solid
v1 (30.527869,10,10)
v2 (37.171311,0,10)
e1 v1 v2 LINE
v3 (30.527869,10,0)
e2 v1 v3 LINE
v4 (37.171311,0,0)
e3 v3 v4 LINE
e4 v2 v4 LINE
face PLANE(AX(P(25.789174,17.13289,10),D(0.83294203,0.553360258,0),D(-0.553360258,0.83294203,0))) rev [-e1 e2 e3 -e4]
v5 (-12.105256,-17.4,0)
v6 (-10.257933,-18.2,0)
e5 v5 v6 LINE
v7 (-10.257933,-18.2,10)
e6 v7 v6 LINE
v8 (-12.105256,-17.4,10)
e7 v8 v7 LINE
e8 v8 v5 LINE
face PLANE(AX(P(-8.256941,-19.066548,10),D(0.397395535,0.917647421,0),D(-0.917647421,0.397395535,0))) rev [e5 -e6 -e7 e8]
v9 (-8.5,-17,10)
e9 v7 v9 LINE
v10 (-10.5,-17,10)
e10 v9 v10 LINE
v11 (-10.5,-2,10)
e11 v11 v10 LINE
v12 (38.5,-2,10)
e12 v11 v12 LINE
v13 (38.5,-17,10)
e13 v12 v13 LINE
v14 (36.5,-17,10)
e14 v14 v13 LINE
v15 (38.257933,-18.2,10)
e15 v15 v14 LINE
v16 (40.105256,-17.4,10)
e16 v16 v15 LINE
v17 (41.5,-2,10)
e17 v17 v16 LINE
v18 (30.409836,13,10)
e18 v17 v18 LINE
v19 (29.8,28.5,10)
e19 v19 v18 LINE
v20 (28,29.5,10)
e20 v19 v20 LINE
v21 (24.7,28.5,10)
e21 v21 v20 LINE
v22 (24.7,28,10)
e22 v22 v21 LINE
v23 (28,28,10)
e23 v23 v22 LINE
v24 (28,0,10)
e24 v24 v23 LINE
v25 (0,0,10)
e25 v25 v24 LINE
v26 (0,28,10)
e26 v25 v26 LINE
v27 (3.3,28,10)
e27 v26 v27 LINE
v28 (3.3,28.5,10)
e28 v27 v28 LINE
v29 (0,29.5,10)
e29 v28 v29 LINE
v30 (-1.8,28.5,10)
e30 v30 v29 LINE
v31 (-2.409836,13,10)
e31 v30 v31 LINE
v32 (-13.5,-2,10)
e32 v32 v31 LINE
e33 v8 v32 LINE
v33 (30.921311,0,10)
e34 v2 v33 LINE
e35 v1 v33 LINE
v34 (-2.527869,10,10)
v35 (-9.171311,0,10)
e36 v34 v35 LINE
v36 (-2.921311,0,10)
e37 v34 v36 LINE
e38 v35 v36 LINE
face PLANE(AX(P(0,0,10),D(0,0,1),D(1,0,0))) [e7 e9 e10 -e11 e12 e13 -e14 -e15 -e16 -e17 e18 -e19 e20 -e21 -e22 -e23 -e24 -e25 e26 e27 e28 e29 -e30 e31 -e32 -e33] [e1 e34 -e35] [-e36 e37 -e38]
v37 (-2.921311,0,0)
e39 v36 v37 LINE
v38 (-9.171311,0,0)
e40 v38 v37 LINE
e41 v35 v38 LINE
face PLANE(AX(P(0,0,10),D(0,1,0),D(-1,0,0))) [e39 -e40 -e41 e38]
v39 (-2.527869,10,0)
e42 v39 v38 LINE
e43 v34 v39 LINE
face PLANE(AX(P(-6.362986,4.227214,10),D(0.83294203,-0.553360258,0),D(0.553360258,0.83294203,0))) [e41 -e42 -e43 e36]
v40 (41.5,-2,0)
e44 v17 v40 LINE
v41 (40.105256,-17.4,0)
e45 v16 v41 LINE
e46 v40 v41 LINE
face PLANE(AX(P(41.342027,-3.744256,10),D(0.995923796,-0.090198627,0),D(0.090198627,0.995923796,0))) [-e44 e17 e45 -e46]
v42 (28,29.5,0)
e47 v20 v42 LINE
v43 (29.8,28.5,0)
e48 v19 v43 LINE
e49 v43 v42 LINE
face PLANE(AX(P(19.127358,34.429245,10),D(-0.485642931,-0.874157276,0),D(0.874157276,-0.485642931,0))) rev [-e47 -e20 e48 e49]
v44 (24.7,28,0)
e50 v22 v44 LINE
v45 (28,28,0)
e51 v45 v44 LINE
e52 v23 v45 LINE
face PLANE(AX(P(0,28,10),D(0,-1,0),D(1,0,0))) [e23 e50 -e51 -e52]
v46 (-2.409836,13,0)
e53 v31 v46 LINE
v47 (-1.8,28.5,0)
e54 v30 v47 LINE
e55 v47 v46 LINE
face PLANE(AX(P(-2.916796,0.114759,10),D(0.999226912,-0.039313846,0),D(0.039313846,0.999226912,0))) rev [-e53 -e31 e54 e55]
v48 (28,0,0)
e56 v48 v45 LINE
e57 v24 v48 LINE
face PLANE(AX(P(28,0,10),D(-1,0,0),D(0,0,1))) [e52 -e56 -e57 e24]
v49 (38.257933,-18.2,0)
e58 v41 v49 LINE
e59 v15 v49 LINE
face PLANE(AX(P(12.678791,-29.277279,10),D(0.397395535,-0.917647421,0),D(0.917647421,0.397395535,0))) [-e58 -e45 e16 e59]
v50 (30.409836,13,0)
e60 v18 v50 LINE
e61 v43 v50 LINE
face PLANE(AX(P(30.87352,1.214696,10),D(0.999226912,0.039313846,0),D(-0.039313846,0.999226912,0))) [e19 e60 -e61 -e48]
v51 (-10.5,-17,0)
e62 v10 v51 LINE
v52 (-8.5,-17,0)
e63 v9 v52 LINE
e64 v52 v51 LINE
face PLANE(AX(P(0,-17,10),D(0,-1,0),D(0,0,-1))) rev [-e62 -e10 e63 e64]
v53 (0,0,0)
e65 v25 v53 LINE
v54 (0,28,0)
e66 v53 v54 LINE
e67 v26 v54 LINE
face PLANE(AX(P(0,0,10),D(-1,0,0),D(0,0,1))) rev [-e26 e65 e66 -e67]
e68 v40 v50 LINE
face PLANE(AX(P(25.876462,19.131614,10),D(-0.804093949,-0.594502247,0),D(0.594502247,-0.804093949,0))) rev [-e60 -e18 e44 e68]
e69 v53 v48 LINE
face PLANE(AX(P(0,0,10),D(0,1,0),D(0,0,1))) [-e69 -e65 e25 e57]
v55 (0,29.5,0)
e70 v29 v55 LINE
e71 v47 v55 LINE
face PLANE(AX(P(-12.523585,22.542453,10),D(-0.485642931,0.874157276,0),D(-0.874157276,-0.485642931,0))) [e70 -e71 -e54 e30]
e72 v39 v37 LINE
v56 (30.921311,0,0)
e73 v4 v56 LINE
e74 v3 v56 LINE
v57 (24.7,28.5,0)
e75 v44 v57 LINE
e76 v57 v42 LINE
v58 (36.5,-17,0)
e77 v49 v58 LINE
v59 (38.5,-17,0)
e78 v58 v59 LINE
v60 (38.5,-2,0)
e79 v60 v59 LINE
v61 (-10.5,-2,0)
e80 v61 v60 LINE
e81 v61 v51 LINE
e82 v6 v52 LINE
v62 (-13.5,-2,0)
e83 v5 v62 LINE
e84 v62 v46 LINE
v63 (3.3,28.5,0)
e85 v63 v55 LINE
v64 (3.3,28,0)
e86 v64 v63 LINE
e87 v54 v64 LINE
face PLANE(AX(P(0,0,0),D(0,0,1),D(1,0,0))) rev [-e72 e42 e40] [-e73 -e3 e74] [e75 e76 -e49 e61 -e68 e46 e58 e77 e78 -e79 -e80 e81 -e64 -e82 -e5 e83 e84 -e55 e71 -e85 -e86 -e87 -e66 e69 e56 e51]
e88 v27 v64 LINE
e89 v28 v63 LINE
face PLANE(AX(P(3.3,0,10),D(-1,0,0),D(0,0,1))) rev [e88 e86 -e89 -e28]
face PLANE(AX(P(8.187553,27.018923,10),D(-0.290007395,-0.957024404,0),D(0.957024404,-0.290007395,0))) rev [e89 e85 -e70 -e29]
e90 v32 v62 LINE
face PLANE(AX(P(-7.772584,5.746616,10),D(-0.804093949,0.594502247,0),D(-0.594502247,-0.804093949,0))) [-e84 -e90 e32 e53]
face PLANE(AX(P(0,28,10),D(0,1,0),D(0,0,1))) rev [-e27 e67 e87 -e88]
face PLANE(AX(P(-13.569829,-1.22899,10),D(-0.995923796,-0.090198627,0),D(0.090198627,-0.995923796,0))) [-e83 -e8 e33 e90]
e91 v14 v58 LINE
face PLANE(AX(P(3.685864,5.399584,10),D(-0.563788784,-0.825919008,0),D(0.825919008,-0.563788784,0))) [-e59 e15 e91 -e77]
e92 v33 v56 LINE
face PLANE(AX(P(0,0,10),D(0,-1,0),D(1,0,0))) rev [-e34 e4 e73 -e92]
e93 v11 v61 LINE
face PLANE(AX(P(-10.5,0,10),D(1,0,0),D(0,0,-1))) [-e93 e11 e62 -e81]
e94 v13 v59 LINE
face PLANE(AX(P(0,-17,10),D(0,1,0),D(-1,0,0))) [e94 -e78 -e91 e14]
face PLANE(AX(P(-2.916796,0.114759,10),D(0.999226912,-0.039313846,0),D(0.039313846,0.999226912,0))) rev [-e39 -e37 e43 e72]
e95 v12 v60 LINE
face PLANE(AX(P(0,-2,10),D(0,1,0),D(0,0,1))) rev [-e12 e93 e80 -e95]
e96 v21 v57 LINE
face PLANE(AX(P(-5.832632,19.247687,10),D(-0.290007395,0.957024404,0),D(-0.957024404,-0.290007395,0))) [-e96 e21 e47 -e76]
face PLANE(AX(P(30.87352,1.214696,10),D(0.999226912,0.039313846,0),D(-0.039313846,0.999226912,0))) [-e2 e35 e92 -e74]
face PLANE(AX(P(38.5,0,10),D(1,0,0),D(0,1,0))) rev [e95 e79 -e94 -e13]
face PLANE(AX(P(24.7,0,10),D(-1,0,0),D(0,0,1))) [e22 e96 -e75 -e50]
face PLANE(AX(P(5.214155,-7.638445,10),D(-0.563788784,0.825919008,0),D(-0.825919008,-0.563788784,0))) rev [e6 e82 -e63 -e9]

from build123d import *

# Parameters (mm, degrees)
AUFSATZ_LINEAR_AUSTRAGEN1_DEPTH = 10
AUFSATZ_LINEAR_AUSTRAGEN2_DEPTH = 10
AUFSATZ_LINEAR_AUSTRAGEN3_DEPTH = 10


with BuildPart() as part:
    # Skizze1 → Aufsatz-Linear austragen1 (new body)
    with BuildSketch(Plane.XY):
        Polygon((0, 29.5), (-1.8, 28.5), (-3, -2), (31, -2), (29.8, 28.5), (28, 29.5), (24.7, 28.5), (24.7, 28), (28, 28), (28, 0), (0, 0), (0, 28), (3.3, 28), (3.3, 28.5), align=None)
    extrude(amount=AUFSATZ_LINEAR_AUSTRAGEN1_DEPTH)

    # Skizze1<3> → Aufsatz-Linear austragen2 (add)
    with BuildSketch(Plane.XY):
        Polygon((-2.527868852, 10), (-2.409836066, 13), (-13.5, -2), (-12.105255888, -17.4), (-10.257932824, -18.2), (-8.5, -17), (-10.5, -17), (-10.5, -2), align=None)
        Polygon((30.527868852, 10), (38.5, -2), (38.5, -17), (36.5, -17), (38.257932824, -18.2), (40.105255888, -17.4), (41.5, -2), (30.409836066, 13), align=None)
    extrude(amount=AUFSATZ_LINEAR_AUSTRAGEN2_DEPTH)

    # Skizze1<4> → Aufsatz-Linear austragen3 (add)
    with BuildSketch(Plane.XY):
        Polygon((-3, -2), (-2.921311475, 0), (-9.171311475, 0), (-10.5, -2), align=None)
        Polygon((30.921311475, 0), (31, -2), (38.5, -2), (37.171311475, 0), align=None)
    extrude(amount=AUFSATZ_LINEAR_AUSTRAGEN3_DEPTH)


solid = part.part
